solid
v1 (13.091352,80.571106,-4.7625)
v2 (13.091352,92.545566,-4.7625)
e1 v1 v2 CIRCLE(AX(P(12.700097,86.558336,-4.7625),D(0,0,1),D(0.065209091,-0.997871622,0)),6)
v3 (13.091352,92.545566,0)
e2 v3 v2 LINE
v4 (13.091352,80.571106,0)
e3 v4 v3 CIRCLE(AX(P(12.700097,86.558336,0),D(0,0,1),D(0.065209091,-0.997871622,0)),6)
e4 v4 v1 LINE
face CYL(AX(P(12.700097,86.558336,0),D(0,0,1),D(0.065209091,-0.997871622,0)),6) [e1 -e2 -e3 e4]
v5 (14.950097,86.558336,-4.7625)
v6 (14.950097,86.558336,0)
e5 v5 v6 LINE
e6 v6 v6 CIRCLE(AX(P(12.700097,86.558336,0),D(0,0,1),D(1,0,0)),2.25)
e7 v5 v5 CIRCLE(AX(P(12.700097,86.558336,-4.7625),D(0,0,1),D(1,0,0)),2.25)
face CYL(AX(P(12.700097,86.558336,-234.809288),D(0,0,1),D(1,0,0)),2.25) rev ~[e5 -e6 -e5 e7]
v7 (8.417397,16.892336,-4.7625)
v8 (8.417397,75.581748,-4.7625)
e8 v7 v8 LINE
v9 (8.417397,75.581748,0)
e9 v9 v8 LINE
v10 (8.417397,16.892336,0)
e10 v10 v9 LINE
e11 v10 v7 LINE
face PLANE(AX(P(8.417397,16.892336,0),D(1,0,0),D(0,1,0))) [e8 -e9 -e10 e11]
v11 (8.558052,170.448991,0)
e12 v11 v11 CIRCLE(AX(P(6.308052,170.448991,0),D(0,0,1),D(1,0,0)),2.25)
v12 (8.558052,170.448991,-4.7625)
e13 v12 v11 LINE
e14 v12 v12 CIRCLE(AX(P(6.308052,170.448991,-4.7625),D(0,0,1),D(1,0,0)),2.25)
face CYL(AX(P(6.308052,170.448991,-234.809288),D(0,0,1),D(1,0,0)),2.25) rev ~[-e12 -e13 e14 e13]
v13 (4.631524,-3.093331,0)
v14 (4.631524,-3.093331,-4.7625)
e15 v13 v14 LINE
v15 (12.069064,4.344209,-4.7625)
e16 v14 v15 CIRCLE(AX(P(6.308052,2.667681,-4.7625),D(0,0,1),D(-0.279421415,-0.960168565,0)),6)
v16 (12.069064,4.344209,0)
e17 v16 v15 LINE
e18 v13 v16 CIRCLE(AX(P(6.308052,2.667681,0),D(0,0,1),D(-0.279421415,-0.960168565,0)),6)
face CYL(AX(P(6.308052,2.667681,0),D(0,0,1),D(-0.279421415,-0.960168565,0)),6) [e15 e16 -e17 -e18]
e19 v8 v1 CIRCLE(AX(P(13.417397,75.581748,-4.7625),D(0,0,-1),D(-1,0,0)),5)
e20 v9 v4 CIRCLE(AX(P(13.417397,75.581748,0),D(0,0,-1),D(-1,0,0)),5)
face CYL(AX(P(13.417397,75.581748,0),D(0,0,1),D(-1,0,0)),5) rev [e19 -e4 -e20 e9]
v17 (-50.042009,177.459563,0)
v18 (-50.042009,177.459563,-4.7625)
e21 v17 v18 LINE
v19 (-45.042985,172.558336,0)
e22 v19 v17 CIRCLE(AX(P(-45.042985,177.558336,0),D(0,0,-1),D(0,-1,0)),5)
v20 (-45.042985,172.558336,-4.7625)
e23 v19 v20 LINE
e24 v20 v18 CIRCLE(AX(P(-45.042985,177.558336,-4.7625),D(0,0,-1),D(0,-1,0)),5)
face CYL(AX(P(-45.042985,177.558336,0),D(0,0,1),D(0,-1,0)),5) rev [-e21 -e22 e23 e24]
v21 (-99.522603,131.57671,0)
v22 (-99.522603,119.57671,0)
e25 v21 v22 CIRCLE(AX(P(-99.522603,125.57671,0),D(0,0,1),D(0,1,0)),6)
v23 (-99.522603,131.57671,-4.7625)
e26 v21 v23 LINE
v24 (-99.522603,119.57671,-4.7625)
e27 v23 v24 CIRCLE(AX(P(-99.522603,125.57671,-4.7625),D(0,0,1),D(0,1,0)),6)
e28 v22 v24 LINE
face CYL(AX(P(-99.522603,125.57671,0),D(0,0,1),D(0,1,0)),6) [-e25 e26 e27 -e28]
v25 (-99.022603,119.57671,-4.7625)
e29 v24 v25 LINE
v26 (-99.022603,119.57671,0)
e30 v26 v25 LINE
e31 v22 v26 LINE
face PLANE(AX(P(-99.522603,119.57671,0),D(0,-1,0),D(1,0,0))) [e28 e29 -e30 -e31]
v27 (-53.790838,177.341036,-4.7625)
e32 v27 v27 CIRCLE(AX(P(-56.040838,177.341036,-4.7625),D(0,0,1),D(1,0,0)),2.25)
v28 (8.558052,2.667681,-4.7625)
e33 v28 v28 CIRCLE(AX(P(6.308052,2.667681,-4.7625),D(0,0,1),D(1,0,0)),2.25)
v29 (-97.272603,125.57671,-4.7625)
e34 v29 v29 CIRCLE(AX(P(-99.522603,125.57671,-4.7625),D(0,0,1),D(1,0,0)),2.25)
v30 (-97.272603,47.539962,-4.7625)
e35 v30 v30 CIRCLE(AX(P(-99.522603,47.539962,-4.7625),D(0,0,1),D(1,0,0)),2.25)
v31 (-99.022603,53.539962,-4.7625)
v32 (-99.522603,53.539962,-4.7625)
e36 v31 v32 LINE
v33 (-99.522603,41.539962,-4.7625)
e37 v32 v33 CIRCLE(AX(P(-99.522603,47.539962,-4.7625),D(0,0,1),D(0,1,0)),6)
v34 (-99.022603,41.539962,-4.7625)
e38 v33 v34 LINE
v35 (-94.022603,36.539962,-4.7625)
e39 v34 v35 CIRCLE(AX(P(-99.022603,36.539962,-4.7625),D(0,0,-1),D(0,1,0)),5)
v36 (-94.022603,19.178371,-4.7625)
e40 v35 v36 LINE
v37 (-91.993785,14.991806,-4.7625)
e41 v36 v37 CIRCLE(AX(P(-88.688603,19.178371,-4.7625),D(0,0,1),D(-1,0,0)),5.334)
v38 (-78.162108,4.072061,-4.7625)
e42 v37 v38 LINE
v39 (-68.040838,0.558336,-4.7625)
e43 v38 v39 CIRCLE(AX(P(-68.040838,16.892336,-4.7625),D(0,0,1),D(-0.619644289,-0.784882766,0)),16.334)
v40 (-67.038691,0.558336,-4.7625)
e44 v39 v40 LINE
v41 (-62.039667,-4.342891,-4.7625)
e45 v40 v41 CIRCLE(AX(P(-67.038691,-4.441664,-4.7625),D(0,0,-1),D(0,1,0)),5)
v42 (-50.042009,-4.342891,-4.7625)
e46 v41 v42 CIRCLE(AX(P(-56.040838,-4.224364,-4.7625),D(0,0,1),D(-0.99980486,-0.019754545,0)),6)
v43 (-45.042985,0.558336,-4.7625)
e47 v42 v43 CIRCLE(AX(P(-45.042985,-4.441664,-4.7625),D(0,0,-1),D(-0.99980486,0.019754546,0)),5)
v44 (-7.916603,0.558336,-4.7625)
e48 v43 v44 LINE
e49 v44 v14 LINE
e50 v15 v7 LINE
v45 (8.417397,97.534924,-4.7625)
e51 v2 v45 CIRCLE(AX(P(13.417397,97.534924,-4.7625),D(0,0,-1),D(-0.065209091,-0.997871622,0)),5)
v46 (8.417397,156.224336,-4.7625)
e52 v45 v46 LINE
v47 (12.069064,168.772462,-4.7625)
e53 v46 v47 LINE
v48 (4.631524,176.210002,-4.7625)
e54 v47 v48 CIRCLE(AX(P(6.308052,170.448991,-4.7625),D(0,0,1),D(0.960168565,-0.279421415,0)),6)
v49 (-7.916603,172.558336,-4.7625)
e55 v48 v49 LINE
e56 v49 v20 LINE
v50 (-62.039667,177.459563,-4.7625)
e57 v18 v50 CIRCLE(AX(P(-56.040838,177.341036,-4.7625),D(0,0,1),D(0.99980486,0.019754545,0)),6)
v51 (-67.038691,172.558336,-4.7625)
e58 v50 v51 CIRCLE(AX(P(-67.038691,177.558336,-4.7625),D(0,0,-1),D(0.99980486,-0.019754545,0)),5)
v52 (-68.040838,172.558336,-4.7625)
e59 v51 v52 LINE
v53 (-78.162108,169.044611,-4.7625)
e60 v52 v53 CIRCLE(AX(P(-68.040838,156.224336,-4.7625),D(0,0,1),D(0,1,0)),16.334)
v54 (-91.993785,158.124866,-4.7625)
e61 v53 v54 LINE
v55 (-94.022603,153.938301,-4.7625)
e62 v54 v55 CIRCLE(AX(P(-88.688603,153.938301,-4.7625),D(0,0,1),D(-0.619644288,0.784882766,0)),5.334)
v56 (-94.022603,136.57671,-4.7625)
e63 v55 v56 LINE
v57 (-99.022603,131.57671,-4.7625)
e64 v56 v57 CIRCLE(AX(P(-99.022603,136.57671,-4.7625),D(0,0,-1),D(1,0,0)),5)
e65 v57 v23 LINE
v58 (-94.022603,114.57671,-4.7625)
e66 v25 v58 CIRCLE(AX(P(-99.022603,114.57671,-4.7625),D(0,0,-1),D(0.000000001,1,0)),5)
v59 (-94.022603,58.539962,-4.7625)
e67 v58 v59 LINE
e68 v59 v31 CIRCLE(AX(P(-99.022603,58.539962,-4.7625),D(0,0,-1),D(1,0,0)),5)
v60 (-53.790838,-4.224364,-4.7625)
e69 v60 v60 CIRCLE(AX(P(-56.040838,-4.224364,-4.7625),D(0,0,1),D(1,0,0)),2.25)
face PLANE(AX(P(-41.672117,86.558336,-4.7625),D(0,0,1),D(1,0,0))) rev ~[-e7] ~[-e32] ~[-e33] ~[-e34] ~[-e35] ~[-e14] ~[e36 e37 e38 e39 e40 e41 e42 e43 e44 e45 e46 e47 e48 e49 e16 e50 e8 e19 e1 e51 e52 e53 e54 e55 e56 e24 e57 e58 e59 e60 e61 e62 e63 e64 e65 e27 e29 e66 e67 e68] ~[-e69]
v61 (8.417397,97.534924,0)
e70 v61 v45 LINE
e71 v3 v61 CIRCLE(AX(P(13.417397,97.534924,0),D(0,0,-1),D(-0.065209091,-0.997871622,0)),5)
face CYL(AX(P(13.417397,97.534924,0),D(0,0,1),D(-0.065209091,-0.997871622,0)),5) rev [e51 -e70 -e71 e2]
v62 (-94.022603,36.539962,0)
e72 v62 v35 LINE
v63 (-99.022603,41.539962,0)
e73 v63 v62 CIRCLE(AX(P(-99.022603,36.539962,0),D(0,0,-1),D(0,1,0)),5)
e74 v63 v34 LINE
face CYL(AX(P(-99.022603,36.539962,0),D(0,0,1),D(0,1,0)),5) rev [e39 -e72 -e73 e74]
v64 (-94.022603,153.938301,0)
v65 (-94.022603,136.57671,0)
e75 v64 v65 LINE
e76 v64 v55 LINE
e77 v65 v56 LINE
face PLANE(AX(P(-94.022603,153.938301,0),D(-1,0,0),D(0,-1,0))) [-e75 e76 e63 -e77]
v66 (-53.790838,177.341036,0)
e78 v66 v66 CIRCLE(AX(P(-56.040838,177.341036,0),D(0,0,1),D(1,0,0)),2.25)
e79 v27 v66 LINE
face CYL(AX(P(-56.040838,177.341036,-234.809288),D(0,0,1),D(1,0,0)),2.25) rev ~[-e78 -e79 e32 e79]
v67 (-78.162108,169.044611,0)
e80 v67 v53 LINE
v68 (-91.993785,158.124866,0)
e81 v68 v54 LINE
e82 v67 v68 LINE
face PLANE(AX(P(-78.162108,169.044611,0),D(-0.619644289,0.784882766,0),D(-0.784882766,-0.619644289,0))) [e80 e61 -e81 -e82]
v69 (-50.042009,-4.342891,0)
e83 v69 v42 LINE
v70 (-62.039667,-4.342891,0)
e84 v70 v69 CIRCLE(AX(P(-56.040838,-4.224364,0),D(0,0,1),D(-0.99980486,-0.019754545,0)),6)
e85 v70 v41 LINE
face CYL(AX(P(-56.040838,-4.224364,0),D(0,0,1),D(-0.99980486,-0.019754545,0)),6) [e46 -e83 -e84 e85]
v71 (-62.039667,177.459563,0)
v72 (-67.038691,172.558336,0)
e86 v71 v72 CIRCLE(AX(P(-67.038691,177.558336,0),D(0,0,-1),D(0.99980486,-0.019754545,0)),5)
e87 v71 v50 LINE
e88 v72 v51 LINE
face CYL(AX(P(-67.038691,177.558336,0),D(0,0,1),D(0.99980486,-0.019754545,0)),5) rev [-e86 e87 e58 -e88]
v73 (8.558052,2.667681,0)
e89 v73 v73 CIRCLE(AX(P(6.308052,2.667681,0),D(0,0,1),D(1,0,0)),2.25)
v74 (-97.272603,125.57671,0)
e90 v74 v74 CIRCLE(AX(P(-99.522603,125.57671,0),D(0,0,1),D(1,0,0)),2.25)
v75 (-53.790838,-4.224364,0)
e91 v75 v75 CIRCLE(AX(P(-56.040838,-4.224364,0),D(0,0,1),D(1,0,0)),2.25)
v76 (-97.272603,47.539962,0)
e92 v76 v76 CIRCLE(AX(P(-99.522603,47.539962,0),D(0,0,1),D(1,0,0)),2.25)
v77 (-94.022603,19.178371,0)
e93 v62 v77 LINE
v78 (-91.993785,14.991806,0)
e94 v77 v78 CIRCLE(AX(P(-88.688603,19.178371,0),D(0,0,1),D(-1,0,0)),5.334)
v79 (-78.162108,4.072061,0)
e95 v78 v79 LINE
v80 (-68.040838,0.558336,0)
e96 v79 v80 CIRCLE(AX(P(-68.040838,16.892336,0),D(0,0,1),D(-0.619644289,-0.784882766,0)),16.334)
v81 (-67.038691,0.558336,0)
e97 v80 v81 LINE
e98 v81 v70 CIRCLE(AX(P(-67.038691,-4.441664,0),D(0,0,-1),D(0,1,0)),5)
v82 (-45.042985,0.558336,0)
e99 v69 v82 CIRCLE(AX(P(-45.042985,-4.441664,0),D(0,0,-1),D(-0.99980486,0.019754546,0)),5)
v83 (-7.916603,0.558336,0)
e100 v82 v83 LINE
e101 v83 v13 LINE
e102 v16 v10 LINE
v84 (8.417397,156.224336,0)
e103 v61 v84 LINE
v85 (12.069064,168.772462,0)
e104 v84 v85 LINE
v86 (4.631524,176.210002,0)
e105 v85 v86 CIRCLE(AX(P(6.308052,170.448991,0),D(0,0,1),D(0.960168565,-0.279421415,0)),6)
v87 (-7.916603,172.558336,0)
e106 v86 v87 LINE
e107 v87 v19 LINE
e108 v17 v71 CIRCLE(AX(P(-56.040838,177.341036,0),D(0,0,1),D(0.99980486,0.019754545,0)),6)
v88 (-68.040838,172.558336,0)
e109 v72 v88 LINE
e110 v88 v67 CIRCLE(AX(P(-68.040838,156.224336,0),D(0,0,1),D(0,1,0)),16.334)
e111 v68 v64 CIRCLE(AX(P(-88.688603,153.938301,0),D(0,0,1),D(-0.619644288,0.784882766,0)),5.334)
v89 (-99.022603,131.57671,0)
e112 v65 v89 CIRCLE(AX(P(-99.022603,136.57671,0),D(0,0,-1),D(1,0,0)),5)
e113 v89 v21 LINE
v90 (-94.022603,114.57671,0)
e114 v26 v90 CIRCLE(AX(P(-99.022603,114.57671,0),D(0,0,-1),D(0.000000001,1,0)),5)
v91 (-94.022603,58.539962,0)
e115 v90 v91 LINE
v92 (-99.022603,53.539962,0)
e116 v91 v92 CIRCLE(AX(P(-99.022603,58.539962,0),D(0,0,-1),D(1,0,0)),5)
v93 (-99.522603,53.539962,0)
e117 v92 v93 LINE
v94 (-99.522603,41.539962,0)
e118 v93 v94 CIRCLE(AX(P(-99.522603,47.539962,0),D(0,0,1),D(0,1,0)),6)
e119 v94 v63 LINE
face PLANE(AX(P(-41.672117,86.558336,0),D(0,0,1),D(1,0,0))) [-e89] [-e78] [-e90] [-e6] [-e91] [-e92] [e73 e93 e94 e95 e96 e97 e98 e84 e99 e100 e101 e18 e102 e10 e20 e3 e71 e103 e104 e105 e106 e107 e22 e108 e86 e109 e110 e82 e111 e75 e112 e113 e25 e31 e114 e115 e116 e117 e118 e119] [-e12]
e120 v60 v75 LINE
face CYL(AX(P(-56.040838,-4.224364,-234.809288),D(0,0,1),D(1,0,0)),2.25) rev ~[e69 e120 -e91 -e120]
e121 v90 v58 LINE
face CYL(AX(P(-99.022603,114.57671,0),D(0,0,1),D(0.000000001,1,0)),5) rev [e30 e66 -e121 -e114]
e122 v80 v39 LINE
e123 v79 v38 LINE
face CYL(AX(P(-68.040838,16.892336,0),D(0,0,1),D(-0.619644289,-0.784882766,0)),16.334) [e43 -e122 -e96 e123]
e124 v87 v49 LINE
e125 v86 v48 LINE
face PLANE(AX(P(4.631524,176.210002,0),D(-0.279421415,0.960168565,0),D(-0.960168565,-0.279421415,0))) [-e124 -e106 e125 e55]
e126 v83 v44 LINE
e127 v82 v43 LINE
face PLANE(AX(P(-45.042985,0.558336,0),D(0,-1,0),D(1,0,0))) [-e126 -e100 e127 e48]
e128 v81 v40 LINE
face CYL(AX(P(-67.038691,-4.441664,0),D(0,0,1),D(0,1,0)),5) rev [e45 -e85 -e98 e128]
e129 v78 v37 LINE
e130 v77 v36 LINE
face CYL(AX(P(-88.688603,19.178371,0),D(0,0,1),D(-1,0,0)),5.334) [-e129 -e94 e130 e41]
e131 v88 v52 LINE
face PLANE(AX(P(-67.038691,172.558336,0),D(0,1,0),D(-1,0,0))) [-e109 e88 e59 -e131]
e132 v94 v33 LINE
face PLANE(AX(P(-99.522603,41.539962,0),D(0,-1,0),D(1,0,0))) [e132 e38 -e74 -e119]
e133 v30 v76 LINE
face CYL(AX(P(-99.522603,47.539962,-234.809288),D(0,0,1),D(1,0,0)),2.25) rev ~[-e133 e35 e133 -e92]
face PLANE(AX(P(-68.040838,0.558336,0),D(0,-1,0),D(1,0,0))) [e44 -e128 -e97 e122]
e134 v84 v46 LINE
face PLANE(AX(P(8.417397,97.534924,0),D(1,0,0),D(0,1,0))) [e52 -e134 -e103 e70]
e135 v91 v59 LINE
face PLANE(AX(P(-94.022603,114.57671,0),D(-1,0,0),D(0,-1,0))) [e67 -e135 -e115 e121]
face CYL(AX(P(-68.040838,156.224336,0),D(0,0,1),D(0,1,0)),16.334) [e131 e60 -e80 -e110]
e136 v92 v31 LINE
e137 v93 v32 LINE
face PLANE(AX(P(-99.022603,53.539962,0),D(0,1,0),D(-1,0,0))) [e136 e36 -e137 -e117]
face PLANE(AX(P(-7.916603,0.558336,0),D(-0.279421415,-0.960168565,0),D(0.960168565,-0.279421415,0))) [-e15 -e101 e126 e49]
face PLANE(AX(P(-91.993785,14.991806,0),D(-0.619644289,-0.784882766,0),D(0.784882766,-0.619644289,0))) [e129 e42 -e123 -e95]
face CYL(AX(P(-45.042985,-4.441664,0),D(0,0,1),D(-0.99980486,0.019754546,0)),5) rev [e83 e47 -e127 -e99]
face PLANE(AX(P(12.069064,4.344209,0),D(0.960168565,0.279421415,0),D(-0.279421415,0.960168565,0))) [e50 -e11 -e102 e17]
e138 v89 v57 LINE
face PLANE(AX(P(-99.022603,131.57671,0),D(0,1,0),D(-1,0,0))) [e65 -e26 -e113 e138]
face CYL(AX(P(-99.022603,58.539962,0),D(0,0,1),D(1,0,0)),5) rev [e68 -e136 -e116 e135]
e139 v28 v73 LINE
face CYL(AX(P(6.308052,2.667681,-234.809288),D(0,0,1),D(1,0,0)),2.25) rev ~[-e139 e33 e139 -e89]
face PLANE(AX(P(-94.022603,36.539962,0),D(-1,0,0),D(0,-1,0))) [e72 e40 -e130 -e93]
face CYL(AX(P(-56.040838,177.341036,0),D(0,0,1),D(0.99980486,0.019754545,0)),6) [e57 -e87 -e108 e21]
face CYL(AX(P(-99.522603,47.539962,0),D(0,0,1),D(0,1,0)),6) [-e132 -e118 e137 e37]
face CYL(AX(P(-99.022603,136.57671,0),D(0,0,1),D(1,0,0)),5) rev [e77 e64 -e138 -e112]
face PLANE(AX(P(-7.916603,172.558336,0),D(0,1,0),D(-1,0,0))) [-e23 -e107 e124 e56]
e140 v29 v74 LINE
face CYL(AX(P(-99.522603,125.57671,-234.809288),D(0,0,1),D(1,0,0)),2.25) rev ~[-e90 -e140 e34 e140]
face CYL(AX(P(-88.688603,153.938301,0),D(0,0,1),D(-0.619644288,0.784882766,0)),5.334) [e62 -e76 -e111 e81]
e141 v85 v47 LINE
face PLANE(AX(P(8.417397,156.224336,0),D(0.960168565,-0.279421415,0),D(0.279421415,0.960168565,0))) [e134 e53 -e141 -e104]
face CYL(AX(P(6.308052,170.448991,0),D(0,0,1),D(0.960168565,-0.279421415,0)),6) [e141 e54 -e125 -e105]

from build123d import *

# Parameters (mm, degrees)
BOSS_EXTRUDE1_DEPTH  = 4.7625
M4_CLEARANCE_HOLE1_D = 4.5


with BuildPart() as part:
    # Sketch1 → Boss-Extrude1 (new body)
    with BuildSketch(Plane.XY):
        with BuildLine():
            Line((-94.022602581, 36.539962058), (-94.022602581, 19.178370731))
            ThreePointArc((-94.022602581, 19.178370731), (-93.488675507, 16.852246076), (-91.993785217, 14.99180606))
            Line((-91.993785217, 14.99180606), (-78.162107839, 4.072060761))
            ThreePointArc((-78.162107839, 4.072060761), (-73.397757976, 1.461750489), (-68.040838029, 0.558335853))
            Line((-68.040838029, 0.558335853), (-67.038691488, 0.558335853))
            ThreePointArc((-67.038691488, 0.558335853), (-63.538253204, -0.87137959), (-62.039667189, -4.342891419))
            ThreePointArc((-62.039667189, -4.342891419), (-56.040838029, -10.224364147), (-50.04200887, -4.342891419))
            ThreePointArc((-50.04200887, -4.342891419), (-48.543422854, -0.87137959), (-45.04298457, 0.558335853))
            Line((-45.04298457, 0.558335853), (-7.916602581, 0.558335853))
            Line((-7.916602581, 0.558335853), (4.631523913, -3.09333052))
            ThreePointArc((4.631523913, -3.09333052), (10.550693091, -1.574959819), (12.069063792, 4.344209359))
            Line((12.069063792, 4.344209359), (8.417397419, 16.892335853))
            Line((8.417397419, 16.892335853), (8.417397419, 75.581748009))
            ThreePointArc((8.417397419, 75.581748009), (9.768409389, 79.000064314), (13.091351964, 80.57110612))
            ThreePointArc((13.091351964, 80.57110612), (18.700097419, 86.558335853), (13.091351964, 92.545565587))
            ThreePointArc((13.091351964, 92.545565587), (9.768409389, 94.116607393), (8.417397419, 97.534923698))
            Line((8.417397419, 97.534923698), (8.417397419, 156.224335853))
            Line((8.417397419, 156.224335853), (12.069063792, 168.772462348))
            ThreePointArc((12.069063792, 168.772462348), (10.550693091, 174.691631526), (4.631523913, 176.210002227))
            Line((4.631523913, 176.210002227), (-7.916602581, 172.558335853))
            Line((-7.916602581, 172.558335853), (-45.04298457, 172.558335853))
            ThreePointArc((-45.04298457, 172.558335853), (-48.543422854, 173.988051296), (-50.04200887, 177.459563126))
            ThreePointArc((-50.04200887, 177.459563126), (-56.040838029, 183.341035853), (-62.039667189, 177.459563126))
            ThreePointArc((-62.039667189, 177.459563126), (-63.538253204, 173.988051296), (-67.038691488, 172.558335853))
            Line((-67.038691488, 172.558335853), (-68.040838029, 172.558335853))
            ThreePointArc((-68.040838029, 172.558335853), (-73.397757976, 171.654921218), (-78.162107839, 169.044610946))
            Line((-78.162107839, 169.044610946), (-91.993785217, 158.124865647))
            ThreePointArc((-91.993785217, 158.124865647), (-93.488675507, 156.264425631), (-94.022602581, 153.938300976))
            Line((-94.022602581, 153.938300976), (-94.022602581, 136.576709649))
            ThreePointArc((-94.022602581, 136.576709649), (-95.487068676, 133.041175743), (-99.022602581, 131.576709649))
            Line((-99.022602581, 131.576709649), (-99.522602581, 131.576709649))
            ThreePointArc((-99.522602581, 131.576709649), (-105.522602581, 125.576709649), (-99.522602581, 119.576709649))
            Line((-99.522602581, 119.576709649), (-99.022602581, 119.576709649))
            ThreePointArc((-99.022602581, 119.576709649), (-95.487068676, 118.112243554), (-94.022602581, 114.576709649))
            Line((-94.022602581, 114.576709649), (-94.022602581, 58.539962058))
            ThreePointArc((-94.022602581, 58.539962058), (-95.487068676, 55.004428152), (-99.022602581, 53.539962058))
            Line((-99.022602581, 53.539962058), (-99.522602581, 53.539962058))
            ThreePointArc((-99.522602581, 53.539962058), (-105.522602581, 47.539962058), (-99.522602581, 41.539962058))
            Line((-99.522602581, 41.539962058), (-99.022602581, 41.539962058))
            ThreePointArc((-99.022602581, 41.539962058), (-95.487068676, 40.075495964), (-94.022602581, 36.539962058))
        make_face()
    extrude(amount=-BOSS_EXTRUDE1_DEPTH)

    # M4 Clearance Hole1 (through all)
    with Locations(Plane(origin=(0, 0, -4.7625), x_dir=(-1, 0, 0), z_dir=(0, 0, -1))):
        with Locations((-12.700097419, 86.558335853), (-6.308052404, 2.667680868), (-6.308052404, 170.448990839), (99.522602581, 47.539962058), (99.522602581, 125.576709649), (56.040838029, 177.341035853), (56.040838029, -4.224364147)):
            Hole(M4_CLEARANCE_HOLE1_D / 2)


solid = part.part
